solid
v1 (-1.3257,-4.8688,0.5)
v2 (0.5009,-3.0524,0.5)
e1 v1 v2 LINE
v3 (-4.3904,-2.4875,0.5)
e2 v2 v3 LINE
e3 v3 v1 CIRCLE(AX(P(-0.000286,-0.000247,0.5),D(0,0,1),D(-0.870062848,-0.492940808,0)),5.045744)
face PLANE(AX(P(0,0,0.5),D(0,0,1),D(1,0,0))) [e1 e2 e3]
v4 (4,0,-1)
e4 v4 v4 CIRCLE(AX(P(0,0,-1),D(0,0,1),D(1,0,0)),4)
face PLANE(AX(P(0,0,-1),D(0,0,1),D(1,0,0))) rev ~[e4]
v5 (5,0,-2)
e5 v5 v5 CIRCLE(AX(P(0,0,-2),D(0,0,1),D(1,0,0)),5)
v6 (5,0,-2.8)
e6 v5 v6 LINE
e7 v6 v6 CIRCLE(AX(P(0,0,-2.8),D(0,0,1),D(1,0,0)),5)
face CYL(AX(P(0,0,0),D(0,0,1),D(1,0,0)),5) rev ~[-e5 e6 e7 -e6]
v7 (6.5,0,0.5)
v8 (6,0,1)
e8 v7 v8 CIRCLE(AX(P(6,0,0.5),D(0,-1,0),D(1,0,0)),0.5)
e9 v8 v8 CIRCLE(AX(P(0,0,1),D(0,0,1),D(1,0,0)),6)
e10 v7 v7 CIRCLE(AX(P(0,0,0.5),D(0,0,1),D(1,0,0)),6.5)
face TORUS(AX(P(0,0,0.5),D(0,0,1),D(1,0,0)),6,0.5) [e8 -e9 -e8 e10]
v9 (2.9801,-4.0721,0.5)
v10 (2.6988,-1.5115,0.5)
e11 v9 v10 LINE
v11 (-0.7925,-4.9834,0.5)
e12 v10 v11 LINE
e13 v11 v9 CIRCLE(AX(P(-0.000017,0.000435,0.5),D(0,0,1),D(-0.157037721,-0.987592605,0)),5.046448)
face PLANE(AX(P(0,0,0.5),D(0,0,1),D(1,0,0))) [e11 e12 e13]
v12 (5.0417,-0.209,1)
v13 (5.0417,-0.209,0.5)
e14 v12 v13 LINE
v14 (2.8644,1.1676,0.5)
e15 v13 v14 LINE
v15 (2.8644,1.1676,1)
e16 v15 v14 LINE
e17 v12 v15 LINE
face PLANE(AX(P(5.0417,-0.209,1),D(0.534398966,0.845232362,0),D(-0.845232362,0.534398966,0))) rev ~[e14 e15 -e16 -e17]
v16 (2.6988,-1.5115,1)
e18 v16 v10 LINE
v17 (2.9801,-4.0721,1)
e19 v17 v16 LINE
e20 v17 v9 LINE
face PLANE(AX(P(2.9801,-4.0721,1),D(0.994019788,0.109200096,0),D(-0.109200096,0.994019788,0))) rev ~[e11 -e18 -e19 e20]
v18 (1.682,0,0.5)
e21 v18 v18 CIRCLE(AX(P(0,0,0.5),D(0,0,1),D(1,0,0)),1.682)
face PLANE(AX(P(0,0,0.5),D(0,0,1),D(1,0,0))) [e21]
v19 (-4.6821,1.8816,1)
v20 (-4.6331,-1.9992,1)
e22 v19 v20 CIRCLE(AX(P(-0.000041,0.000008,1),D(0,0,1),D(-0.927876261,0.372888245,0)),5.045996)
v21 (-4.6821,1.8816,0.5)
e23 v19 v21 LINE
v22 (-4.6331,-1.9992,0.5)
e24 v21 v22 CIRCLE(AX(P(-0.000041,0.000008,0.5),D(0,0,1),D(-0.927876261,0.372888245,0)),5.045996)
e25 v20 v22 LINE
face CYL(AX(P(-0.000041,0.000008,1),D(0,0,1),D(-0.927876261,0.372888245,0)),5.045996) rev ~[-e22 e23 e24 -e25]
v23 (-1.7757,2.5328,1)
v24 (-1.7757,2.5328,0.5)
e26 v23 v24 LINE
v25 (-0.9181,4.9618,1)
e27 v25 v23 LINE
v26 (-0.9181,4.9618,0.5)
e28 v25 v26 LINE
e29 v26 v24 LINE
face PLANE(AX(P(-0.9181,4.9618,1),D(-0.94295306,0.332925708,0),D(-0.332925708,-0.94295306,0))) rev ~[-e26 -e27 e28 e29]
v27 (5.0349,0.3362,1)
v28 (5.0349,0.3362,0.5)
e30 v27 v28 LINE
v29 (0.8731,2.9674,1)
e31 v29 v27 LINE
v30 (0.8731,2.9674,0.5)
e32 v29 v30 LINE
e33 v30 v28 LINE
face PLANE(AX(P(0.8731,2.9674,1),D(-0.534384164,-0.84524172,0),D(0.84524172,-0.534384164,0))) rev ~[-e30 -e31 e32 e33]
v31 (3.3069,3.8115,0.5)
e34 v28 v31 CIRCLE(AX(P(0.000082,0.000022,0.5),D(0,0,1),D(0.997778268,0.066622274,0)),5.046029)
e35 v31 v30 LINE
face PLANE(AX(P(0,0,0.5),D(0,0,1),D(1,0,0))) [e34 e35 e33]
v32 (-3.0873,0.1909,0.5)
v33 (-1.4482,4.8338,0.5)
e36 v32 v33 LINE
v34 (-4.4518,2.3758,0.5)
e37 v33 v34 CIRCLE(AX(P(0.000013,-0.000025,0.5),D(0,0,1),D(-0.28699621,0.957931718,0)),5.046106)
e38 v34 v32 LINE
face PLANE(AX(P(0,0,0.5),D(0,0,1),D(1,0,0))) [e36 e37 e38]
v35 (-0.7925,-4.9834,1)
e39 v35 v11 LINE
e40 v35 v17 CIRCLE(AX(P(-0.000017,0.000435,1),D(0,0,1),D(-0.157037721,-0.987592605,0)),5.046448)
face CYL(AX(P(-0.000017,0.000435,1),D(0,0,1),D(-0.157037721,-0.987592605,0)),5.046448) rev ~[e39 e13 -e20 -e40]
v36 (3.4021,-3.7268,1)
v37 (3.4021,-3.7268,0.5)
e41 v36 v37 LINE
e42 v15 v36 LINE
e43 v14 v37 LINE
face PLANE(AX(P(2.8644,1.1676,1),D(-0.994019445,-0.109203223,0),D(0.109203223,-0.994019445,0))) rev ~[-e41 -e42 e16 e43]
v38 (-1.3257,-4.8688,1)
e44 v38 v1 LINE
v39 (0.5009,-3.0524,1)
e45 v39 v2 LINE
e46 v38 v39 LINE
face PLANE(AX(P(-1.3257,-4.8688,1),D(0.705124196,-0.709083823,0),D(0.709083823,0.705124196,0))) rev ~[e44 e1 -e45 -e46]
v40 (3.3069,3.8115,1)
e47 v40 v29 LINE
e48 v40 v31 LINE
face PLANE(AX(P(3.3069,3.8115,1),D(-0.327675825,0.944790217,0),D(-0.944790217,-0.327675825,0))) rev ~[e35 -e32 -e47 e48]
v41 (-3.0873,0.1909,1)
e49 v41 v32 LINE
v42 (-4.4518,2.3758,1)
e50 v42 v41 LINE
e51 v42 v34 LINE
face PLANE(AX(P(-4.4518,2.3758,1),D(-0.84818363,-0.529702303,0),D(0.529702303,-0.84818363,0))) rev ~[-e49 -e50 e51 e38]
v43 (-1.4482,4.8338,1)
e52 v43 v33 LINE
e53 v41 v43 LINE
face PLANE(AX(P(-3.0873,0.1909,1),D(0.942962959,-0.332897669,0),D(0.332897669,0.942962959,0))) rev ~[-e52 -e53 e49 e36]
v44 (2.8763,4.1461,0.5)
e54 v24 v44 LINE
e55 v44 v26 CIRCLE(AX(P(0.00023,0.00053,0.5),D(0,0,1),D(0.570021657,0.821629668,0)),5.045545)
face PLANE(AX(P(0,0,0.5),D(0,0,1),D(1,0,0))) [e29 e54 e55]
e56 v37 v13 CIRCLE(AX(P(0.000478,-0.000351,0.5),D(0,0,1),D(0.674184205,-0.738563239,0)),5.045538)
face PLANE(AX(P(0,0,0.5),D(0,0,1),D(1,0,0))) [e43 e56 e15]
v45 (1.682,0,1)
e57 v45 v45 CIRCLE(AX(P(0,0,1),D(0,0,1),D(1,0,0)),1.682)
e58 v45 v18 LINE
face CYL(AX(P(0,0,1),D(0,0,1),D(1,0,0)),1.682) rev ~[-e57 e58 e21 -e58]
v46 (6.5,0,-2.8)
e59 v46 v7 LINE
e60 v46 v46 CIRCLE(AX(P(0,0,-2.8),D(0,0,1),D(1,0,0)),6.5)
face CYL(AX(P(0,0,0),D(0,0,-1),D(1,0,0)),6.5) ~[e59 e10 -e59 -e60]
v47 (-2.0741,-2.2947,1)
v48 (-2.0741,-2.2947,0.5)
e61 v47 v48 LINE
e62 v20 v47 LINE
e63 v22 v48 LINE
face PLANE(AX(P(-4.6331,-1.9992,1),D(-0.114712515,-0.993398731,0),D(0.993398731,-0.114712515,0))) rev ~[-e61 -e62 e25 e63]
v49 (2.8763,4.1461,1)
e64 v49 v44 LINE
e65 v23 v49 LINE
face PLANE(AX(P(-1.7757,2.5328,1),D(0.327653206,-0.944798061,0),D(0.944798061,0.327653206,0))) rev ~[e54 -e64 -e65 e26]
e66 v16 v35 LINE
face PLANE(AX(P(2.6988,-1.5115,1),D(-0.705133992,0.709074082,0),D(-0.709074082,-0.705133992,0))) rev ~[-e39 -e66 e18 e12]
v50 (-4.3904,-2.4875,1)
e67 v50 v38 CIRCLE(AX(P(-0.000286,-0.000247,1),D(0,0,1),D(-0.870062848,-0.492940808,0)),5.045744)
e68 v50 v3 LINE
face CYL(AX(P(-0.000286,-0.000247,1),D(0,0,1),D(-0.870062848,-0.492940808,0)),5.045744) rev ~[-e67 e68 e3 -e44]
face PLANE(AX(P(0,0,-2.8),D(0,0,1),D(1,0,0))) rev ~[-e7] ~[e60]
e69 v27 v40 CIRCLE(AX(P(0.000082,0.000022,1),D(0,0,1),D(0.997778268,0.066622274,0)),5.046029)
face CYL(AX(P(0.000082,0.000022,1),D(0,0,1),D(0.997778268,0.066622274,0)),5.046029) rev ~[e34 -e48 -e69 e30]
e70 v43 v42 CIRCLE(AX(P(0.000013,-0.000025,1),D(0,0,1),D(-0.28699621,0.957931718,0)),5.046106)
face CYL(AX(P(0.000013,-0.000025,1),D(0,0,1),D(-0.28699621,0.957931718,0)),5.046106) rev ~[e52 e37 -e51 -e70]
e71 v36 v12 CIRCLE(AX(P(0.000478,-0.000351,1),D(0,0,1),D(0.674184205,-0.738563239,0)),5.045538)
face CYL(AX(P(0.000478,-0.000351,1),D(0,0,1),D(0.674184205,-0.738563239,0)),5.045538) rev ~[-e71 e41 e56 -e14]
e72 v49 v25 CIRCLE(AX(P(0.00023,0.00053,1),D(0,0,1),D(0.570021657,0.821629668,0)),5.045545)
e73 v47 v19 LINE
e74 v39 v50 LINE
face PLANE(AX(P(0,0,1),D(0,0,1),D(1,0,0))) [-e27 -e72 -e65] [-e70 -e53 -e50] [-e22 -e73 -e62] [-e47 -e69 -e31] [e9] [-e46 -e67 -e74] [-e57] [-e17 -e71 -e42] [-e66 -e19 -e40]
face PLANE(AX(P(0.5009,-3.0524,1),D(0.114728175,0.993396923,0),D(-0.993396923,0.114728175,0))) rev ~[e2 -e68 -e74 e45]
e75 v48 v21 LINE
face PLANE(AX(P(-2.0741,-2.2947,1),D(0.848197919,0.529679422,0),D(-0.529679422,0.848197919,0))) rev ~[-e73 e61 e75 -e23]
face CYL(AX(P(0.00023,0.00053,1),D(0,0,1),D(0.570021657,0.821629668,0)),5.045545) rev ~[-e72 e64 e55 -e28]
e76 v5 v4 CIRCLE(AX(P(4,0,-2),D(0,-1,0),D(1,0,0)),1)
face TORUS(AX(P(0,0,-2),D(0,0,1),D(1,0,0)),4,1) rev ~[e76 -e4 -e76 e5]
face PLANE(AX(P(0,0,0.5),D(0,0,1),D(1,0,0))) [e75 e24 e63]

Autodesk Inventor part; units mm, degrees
ref_plane "YZ Plane" through (0, 0, 0) normal (1, 0, 0) x (0, 1, 0)
ref_plane "XZ Plane" through (0, 0, 0) normal (0, 1, 0) x (-1, 0, 0)
ref_plane "XY Plane" through (0, 0, 0) normal (0, 0, 1) x (1, 0, 0)
sketch "Sketch1" plane through (0, 0, 0) normal (0, 0, 1) x (1, 0, 0)
  circle A0 centre (0, 0) radius 6.5 projected
  circle A1 centre (0, 0) radius 5
  point P0 (0, 0)
  dimension "d0" = 1.5
extrude "Extrusion1" add sketch "Sketch1" against normal blind 2.8
sketch "Sketch2" plane through (0, 0, 0) normal (0, 0, 1) x (1, 0, 0)
  circle A0 centre (0, 0) radius 6.5 projected
  point P0 (0, 0)
extrude "Extrusion2" add sketch "Sketch2" along normal mid plane 2
fillet "Fillet1" radius 0.5 1 edges at (-6.5, 0, 1)
sketch "Sketch3" plane through (0, 0, 1) normal (0, 0, 1) x (1, 0, 0)
  line L0 (-1.7757, 2.5328) -> (2.8763, 4.1461) projected
  arc A0 (2.8763, 4.1461) -> (-0.9181, 4.9618) centre (0, 0) ccw projected
  line L1 (-0.9181, 4.9618) -> (-1.7757, 2.5328) projected
  line L2 (0.8731, 2.9674) -> (5.0349, 0.3362) projected
  arc A1 (5.0349, 0.3362) -> (3.3069, 3.8115) centre (0, 0) ccw projected
  line L3 (3.3069, 3.8115) -> (0.8731, 2.9674) projected
  line L4 (2.8644, 1.1676) -> (3.4021, -3.7268) projected
  arc A2 (3.4021, -3.7268) -> (5.0417, -0.209) centre (0, 0) ccw projected
  line L5 (5.0417, -0.209) -> (2.8644, 1.1676) projected
  circle A3 centre (0, 0) radius 1.682 projected
  line L6 (2.6988, -1.5115) -> (-0.7925, -4.9834) projected
  arc A4 (-0.7925, -4.9834) -> (2.9801, -4.0721) centre (0, 0) ccw projected
  line L7 (2.9801, -4.0721) -> (2.6988, -1.5115) projected
  line L8 (0.5009, -3.0524) -> (-4.3904, -2.4875) projected
  arc A5 (-4.3904, -2.4875) -> (-1.3257, -4.8688) centre (0, 0) ccw projected
  line L9 (-1.3257, -4.8688) -> (0.5009, -3.0524) projected
  line L10 (-2.0741, -2.2947) -> (-4.6821, 1.8816) projected
  arc A6 (-4.6821, 1.8816) -> (-4.6331, -1.9992) centre (0, 0) ccw projected
  line L11 (-4.6331, -1.9992) -> (-2.0741, -2.2947) projected
  line L12 (-3.0873, 0.1909) -> (-1.4482, 4.8338) projected
  arc A7 (-1.4482, 4.8338) -> (-4.4518, 2.3758) centre (0, 0) ccw projected
  line L13 (-4.4518, 2.3758) -> (-3.0873, 0.1909) projected
  point P0 (0, 0)
extrude "Extrusion3" cut sketch "Sketch3" against normal blind 0.5
fillet "Fillet2" radius 1 1 edges at (-5, 0, -1)
properties part number "bottom-cap"
